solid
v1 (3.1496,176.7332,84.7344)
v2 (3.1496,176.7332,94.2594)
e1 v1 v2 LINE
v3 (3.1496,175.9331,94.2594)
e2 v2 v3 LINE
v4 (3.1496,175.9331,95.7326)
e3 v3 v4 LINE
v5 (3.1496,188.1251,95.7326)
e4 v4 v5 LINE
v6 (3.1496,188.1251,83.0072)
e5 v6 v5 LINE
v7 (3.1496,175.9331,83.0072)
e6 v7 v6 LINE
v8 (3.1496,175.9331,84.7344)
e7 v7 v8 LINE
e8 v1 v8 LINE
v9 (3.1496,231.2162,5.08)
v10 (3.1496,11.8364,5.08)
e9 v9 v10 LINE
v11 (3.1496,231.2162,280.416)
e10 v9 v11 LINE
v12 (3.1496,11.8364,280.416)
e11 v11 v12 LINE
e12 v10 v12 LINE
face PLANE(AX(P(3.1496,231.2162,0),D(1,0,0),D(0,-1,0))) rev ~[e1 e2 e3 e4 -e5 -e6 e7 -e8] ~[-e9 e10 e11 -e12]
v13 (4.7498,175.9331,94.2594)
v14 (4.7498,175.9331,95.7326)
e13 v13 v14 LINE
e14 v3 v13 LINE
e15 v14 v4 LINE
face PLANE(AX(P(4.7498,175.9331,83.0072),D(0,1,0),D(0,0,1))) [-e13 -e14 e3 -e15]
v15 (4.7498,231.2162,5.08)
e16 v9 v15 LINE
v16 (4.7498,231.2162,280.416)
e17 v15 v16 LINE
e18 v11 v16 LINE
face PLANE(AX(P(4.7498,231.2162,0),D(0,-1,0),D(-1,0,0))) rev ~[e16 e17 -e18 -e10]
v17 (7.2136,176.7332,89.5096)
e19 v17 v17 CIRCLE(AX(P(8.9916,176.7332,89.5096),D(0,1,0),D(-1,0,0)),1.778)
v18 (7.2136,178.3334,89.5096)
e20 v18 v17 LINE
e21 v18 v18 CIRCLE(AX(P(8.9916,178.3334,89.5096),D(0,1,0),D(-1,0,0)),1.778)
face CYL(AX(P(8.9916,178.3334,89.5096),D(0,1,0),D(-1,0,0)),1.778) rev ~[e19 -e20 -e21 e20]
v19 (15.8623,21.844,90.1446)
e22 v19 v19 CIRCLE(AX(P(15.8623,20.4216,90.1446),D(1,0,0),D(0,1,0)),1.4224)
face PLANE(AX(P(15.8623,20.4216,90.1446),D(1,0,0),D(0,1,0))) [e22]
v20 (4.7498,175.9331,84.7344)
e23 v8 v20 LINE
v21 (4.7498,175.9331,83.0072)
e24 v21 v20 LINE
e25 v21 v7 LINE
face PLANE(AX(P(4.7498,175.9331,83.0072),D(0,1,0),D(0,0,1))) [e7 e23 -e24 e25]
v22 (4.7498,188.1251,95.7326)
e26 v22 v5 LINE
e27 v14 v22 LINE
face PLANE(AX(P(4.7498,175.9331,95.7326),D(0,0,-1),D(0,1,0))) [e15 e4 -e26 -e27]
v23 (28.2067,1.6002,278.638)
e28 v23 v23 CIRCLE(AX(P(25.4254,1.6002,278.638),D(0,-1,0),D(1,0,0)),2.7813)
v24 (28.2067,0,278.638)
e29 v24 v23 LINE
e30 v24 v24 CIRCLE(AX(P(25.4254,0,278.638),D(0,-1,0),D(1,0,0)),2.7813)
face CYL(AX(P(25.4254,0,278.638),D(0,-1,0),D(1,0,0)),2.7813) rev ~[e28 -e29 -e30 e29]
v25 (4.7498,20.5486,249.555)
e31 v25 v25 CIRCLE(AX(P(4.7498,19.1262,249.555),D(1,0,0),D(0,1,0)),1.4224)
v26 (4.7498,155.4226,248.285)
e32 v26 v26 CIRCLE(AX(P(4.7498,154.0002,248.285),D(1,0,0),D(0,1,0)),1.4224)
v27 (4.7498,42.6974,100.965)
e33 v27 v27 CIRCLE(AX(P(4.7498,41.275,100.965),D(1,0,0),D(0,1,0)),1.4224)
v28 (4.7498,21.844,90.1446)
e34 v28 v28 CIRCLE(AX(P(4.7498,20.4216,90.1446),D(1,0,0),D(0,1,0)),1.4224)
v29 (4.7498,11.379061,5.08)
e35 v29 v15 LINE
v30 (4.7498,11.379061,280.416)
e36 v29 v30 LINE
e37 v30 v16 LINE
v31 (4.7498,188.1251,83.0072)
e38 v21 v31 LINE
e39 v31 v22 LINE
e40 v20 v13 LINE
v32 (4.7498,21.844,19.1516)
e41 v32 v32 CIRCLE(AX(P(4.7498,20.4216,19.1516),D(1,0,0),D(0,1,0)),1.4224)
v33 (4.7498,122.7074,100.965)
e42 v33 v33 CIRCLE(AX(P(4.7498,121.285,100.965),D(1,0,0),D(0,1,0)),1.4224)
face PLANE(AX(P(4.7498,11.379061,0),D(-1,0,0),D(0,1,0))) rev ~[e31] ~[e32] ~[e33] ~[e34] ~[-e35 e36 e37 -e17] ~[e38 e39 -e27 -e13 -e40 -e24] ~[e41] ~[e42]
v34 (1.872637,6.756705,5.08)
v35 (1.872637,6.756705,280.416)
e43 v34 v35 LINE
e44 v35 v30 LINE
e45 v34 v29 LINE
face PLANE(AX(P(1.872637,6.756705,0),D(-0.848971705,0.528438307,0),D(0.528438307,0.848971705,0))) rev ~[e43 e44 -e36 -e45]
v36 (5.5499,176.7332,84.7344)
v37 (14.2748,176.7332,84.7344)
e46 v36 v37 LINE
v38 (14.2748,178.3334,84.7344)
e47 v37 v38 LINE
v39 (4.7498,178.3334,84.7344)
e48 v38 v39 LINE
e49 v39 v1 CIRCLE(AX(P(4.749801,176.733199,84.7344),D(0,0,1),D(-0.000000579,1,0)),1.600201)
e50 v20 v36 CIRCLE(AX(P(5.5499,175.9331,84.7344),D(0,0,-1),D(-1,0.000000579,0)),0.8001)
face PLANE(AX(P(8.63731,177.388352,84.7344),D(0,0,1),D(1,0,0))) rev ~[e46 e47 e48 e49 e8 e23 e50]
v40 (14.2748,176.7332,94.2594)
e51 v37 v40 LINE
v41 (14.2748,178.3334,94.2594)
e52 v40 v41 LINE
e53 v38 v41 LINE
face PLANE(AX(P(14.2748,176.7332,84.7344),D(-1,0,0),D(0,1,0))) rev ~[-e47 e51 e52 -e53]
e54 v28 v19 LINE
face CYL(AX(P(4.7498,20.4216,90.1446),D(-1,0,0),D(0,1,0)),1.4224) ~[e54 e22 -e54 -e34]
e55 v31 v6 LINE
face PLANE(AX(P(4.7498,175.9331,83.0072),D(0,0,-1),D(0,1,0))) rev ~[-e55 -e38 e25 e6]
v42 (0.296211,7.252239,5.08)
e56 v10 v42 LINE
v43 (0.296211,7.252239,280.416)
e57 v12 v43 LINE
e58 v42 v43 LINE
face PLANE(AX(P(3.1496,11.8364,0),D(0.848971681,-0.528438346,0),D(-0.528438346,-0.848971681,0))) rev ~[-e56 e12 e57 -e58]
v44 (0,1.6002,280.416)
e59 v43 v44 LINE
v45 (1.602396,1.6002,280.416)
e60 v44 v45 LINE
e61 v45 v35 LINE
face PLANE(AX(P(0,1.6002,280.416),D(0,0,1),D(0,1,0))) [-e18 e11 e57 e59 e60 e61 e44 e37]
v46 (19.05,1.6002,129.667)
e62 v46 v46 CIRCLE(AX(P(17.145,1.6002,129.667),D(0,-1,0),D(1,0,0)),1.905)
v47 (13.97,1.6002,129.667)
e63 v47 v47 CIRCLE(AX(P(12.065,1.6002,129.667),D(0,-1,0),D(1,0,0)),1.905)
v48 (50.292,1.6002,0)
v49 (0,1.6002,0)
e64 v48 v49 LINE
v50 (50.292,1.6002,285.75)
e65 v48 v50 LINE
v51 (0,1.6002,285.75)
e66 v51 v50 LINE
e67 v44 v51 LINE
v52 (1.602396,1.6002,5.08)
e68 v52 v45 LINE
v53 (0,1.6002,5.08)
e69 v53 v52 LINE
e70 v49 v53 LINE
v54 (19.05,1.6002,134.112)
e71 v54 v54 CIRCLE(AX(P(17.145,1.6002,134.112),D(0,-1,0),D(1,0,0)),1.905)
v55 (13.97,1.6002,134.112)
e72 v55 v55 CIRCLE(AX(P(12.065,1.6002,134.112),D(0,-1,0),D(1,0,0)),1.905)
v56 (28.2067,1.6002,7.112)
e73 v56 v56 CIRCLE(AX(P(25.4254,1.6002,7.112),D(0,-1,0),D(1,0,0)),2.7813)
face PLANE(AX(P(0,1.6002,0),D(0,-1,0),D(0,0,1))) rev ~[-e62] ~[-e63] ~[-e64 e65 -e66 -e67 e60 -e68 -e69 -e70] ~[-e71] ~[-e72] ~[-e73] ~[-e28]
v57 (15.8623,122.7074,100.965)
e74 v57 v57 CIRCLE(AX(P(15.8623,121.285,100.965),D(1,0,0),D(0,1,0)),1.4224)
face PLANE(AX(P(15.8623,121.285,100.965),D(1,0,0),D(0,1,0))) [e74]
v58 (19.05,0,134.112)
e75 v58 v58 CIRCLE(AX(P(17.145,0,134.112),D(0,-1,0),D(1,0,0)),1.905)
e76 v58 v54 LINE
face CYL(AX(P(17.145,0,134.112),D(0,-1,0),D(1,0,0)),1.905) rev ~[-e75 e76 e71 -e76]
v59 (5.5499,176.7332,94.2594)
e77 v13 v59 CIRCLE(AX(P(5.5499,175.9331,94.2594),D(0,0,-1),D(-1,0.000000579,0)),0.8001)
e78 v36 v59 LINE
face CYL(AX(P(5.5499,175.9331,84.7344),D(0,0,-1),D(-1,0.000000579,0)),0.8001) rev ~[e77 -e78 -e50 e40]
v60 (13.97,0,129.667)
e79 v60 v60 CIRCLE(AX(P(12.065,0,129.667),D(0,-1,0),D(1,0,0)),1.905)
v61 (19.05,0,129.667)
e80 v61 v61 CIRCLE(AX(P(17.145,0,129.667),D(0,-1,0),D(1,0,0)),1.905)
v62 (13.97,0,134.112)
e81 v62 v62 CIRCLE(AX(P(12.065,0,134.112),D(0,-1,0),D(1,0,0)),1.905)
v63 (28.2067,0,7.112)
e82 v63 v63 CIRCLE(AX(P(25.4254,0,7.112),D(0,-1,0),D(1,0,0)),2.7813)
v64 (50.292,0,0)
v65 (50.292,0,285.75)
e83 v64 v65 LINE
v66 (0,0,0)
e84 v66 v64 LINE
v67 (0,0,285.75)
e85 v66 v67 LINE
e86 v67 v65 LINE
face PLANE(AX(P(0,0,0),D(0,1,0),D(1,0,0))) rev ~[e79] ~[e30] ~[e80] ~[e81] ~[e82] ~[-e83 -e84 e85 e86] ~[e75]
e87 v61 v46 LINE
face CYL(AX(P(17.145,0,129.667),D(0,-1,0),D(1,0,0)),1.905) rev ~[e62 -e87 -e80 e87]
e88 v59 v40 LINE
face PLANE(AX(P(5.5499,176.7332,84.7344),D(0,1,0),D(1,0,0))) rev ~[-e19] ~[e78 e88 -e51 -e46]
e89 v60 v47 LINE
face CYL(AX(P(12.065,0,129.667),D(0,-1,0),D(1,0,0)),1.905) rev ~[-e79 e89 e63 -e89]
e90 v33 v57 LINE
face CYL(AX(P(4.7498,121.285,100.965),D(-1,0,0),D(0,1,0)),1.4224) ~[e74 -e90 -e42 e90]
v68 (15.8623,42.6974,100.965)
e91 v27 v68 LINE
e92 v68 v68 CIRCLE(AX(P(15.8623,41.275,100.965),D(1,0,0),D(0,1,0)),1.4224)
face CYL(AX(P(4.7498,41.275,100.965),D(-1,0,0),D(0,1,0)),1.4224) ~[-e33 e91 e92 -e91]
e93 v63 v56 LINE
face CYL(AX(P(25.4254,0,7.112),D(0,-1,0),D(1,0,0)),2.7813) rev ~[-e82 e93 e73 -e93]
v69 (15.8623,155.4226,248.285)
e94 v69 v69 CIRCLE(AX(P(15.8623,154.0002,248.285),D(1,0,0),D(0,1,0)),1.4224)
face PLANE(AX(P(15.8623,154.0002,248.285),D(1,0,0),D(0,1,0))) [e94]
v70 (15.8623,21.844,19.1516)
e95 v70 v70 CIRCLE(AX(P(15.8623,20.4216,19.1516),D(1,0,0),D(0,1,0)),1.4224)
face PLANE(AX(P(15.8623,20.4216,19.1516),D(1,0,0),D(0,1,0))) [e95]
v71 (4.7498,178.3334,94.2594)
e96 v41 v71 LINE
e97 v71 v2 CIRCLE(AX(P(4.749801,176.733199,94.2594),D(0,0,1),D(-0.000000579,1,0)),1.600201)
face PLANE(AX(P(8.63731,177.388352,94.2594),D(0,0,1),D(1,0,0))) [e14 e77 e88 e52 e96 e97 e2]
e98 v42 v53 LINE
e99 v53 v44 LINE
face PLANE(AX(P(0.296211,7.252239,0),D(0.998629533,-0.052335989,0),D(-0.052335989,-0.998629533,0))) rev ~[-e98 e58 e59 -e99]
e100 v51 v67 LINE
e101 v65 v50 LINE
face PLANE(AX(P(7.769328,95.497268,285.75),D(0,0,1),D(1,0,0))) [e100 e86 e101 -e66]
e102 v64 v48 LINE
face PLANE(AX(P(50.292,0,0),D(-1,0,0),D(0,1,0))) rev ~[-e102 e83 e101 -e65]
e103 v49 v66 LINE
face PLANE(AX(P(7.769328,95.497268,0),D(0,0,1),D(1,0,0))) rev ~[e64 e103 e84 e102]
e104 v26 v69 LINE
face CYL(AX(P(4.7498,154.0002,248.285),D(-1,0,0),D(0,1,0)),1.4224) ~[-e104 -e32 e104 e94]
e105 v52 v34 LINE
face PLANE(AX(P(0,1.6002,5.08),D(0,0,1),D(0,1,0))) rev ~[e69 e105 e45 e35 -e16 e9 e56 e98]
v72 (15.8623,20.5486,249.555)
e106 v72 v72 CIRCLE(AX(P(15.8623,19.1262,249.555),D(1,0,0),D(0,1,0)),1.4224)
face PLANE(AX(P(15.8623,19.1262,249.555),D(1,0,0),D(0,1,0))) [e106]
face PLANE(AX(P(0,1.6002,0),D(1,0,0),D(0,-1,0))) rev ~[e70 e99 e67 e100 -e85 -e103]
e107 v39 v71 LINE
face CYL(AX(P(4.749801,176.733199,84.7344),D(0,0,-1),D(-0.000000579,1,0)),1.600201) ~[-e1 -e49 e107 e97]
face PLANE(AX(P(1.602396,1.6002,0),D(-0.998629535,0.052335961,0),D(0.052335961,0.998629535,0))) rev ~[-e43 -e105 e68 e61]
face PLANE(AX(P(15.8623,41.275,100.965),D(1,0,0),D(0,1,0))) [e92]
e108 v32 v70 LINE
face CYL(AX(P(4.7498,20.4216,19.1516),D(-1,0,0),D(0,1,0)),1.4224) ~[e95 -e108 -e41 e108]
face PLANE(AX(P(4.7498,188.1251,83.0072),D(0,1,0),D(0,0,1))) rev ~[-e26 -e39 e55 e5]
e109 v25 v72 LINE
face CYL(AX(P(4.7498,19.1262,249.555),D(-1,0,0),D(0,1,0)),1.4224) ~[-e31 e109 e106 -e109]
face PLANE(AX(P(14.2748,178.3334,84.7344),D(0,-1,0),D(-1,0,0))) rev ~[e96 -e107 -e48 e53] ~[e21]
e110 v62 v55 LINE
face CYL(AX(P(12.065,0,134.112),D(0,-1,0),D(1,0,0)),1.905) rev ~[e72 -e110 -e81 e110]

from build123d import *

# Parameters (mm, degrees)
F1_DEPTH  = 285.75
F2_W      = 229.616
F2_H      = 5.08
F3_DEPTH  = 6.35
F4_W      = 229.616
F4_H      = 5.334
F5_DEPTH  = 6.35
F6_R      = 1.4224
F7_DEPTH  = 11.1125
F8_W      = 12.192
F8_H      = 12.7254
F9_DEPTH  = 25.4
F12_DEPTH = 9.525
F13_R     = 1.778
F14_DEPTH = 1.6002
F15_R     = 1.905
F16_DEPTH = 1.6002
F17_R     = 2.7813
F18_DEPTH = 1.6002


with BuildPart() as f1:
    # F0 (on Top) → F1 (new body)
    with BuildSketch(Plane.XY):
        Polygon((0, 1.6002), (0, 0), (50.292, 0), (50.292, 1.6002), (1.602396, 1.6002), (1.872637, 6.756705), (4.7498, 11.379061), (4.7498, 231.2162), (3.1496, 231.2162), (3.1496, 11.8364), (0.296211, 7.252239), align=None)
    extrude(amount=F1_DEPTH)

    # F2 (on Right) → F3 (cut)
    with BuildSketch(Plane.YZ):
        with Locations((116.4082, 2.54)):
            Rectangle(F2_W, F2_H)
    extrude(amount=F3_DEPTH, mode=Mode.SUBTRACT)

    # F4 (on Right) → F5 (cut)
    with BuildSketch(Plane.YZ):
        with Locations((116.4082, 283.083)):
            Rectangle(F4_W, F4_H)
    extrude(amount=F5_DEPTH, mode=Mode.SUBTRACT)

    # F6 (on face) → F7 (join)
    with BuildSketch(Plane.YZ.offset(4.7498)):
        with Locations((154.0002, 248.285)):
            Circle(F6_R)
        with Locations((19.1262, 249.555)):
            Circle(F6_R)
        with Locations((121.285, 100.965)):
            Circle(F6_R)
        with Locations((20.4216, 90.1446)):
            Circle(F6_R)
        with Locations((41.275, 100.965)):
            Circle(F6_R)
        with Locations((20.4216, 19.1516)):
            Circle(F6_R)
    extrude(amount=F7_DEPTH)

    # F8 (on face) → F9 (cut)
    with BuildSketch(Plane.YZ.offset(4.7498)):
        with Locations((182.0291, 89.3699)):
            Rectangle(F8_W, F8_H)
    extrude(amount=-F9_DEPTH, mode=Mode.SUBTRACT)

    # F11 (on offset) → F12 (join)
    with BuildSketch(Plane.XY.offset(84.7344)):
        with BuildLine():
            Line((14.2748, 176.7332), (14.2748, 178.3334))
            Line((14.2748, 178.3334), (4.7498, 178.3334))
            ThreePointArc((4.7498, 178.3334), (3.618288, 177.864712), (3.1496, 176.7332))
            Line((3.1496, 176.7332), (3.1496, 175.9331))
            Line((3.1496, 175.9331), (4.7498, 175.9331))
            ThreePointArc((4.7498, 175.9331), (4.984144, 176.498856), (5.5499, 176.7332))
            Line((5.5499, 176.7332), (14.2748, 176.7332))
        make_face()
    extrude(amount=F12_DEPTH)

    # F13 (on face) → F14 (cut, through all)
    with BuildSketch(Plane(origin=(0, 178.3334, 0), x_dir=(-1, 0, 0), z_dir=(0, 1, 0))):
        with Locations((-8.9916, 89.5096)):
            Circle(F13_R)
    extrude(amount=-F14_DEPTH, mode=Mode.SUBTRACT)

    # F15 (on face) → F16 (cut, through all)
    with BuildSketch(Plane.XZ):
        with Locations((12.065, 134.112)):
            Circle(F15_R)
        with Locations((17.145, 134.112)):
            Circle(F15_R)
        with Locations((12.065, 129.667)):
            Circle(F15_R)
        with Locations((17.145, 129.667)):
            Circle(F15_R)
    extrude(amount=-F16_DEPTH, mode=Mode.SUBTRACT)

    # F17 (on face) → F18 (cut, through all)
    with BuildSketch(Plane.XZ):
        with Locations((25.4254, 7.112)):
            Circle(F17_R)
        with Locations((25.4254, 278.638)):
            Circle(F17_R)
    extrude(amount=-F18_DEPTH, mode=Mode.SUBTRACT)


solid = f1.part
